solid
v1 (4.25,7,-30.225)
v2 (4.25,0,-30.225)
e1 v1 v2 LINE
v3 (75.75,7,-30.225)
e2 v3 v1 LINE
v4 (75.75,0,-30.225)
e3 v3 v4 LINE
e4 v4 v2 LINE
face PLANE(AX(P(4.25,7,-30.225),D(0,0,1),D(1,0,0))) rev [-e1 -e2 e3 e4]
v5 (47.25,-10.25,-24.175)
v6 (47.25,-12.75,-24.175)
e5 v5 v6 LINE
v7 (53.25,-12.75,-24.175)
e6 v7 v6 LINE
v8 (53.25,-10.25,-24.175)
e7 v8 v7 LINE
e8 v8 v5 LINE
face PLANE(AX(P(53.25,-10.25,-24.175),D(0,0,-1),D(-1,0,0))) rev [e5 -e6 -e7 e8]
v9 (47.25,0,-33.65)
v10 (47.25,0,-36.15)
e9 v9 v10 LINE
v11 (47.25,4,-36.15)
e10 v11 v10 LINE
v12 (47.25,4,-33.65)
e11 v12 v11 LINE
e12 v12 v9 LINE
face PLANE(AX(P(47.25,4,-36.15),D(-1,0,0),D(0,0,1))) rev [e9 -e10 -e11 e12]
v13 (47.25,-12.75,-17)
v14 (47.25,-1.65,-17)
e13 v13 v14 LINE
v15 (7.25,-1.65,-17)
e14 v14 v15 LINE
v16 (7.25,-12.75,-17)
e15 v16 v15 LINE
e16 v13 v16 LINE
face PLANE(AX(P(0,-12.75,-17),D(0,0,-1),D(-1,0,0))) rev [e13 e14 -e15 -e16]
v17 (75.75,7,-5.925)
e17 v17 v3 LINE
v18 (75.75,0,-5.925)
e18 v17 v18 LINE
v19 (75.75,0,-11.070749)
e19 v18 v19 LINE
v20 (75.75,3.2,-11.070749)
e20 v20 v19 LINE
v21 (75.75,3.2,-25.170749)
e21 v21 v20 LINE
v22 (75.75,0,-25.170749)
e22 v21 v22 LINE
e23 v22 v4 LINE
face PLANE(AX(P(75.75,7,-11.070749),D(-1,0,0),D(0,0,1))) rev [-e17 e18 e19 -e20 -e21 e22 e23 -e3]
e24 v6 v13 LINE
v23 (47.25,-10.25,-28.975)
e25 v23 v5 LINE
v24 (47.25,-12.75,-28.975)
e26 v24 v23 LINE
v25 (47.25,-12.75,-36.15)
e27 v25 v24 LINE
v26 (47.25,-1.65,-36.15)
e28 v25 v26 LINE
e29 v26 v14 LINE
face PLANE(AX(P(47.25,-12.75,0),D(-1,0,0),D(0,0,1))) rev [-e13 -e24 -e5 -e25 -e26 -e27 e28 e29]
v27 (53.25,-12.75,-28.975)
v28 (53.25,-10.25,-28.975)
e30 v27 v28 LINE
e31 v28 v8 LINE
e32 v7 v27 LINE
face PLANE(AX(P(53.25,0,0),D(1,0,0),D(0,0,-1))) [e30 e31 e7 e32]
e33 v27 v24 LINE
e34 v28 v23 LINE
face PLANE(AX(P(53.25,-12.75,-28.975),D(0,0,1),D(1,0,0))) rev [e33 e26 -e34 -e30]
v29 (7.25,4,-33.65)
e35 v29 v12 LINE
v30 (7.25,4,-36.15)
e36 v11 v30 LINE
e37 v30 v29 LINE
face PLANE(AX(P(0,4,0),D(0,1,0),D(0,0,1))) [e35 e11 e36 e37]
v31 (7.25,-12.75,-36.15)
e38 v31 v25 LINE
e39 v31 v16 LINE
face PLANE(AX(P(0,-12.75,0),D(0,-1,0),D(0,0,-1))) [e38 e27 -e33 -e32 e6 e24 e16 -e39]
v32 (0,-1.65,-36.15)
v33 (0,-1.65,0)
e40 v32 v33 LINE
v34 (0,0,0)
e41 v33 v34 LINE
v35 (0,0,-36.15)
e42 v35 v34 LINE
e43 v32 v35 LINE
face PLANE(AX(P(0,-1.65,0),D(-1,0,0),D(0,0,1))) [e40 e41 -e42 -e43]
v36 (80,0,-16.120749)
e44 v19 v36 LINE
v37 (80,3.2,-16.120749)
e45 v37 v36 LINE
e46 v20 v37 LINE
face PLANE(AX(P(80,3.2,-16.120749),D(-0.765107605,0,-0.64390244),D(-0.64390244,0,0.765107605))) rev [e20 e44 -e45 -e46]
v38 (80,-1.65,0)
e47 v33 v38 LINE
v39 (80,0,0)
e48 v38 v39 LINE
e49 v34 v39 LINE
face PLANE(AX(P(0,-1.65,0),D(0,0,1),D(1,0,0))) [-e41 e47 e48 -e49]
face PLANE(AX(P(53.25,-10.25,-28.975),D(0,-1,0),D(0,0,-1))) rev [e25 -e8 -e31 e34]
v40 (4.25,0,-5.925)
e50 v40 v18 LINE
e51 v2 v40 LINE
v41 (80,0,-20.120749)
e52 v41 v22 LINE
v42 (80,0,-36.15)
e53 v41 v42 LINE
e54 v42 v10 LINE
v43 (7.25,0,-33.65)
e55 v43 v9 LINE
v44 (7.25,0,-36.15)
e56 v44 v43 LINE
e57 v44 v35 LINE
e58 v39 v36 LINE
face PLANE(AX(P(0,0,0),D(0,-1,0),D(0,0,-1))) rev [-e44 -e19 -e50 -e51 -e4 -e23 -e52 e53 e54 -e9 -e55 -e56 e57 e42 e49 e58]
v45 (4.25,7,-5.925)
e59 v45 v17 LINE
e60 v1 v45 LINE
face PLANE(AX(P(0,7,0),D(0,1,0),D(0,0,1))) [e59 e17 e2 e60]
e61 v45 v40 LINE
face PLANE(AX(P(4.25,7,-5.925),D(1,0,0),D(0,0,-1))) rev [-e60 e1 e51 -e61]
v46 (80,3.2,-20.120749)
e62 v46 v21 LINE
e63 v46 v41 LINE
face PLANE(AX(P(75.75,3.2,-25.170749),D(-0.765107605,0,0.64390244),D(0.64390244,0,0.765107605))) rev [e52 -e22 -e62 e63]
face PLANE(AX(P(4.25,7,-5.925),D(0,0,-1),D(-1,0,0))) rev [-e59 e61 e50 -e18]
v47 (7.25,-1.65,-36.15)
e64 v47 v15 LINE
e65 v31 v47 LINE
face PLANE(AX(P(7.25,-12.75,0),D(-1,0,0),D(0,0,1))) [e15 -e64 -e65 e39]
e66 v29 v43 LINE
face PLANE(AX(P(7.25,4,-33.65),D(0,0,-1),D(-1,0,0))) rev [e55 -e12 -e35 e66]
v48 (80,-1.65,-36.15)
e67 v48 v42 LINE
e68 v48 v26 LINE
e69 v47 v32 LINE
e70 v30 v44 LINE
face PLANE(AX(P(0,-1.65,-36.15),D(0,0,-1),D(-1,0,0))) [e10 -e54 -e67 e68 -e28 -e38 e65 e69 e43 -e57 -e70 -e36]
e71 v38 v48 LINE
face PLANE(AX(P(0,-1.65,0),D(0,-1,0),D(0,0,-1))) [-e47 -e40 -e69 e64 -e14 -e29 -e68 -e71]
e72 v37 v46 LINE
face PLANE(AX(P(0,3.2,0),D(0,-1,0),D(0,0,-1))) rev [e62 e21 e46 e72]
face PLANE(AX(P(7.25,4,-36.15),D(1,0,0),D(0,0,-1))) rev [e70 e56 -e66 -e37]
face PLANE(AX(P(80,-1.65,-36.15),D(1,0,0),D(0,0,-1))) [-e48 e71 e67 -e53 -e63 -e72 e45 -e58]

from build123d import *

# Parameters (mm, degrees)
BOSS_EXTRUDE2_DEPTH = 1.65
BOSS_EXTRUDE3_DEPTH = 7
BOSS_EXTRUDE4_DEPTH = 3.2
SKETCH7_W           = 40
SKETCH7_H           = 2.5
BOSS_EXTRUDE5_DEPTH = 4
SKETCH8_W           = 40
SKETCH8_H           = 19.15
BOSS_EXTRUDE6_DEPTH = 11.1
SKETCH9_W           = 4.8
SKETCH9_H           = 2.5
BOSS_EXTRUDE7_DEPTH = 6


with BuildPart() as part:
    # Sketch3 → Boss-Extrude2 (new body)
    with BuildSketch(Plane(origin=(0, 0, 0), x_dir=(1, 0, 0), z_dir=(0, 1, 0))):
        Polygon((0, 0), (0, 36.15), (80, 36.15), (80, 20.120748629), (80, 16.120748629), (80, 0), align=None)
    extrude(amount=-BOSS_EXTRUDE2_DEPTH)

    # Sketch5 → Boss-Extrude3 (add)
    with BuildSketch(Plane(origin=(0, 0, 0), x_dir=(1, 0, 0), z_dir=(0, 1, 0))):
        Polygon((75.75, 11.070748629), (75.75, 5.925), (4.25, 5.925), (4.25, 30.225), (75.75, 30.225), (75.75, 25.170748629), align=None)
    extrude(amount=BOSS_EXTRUDE3_DEPTH)

    # Sketch6 → Boss-Extrude4 (add)
    with BuildSketch(Plane(origin=(0, 0, 0), x_dir=(1, 0, 0), z_dir=(0, 1, 0))):
        Polygon((80, 20.120748629), (80, 16.120748629), (75.75, 11.070748629), (75.75, 25.170748629), align=None)
    extrude(amount=BOSS_EXTRUDE4_DEPTH)

    # Sketch7 → Boss-Extrude5 (add)
    with BuildSketch(Plane(origin=(0, 0, 0), x_dir=(1, 0, 0), z_dir=(0, 1, 0))):
        with Locations((27.25, 34.9)):
            Rectangle(SKETCH7_W, SKETCH7_H)
    extrude(amount=BOSS_EXTRUDE5_DEPTH)

    # Sketch8 → Boss-Extrude6 (add)
    with BuildSketch(Plane.XZ.offset(1.65)):
        with Locations((27.25, -26.575)):
            Rectangle(SKETCH8_W, SKETCH8_H)
    extrude(amount=BOSS_EXTRUDE6_DEPTH)

    # Sketch9 → Boss-Extrude7 (add)
    with BuildSketch(Plane(origin=(47.25, 0, 0), x_dir=(0, 0, -1), z_dir=(1, 0, 0))):
        with Locations((26.575, -11.5)):
            Rectangle(SKETCH9_W, SKETCH9_H)
    extrude(amount=BOSS_EXTRUDE7_DEPTH)


solid = part.part
